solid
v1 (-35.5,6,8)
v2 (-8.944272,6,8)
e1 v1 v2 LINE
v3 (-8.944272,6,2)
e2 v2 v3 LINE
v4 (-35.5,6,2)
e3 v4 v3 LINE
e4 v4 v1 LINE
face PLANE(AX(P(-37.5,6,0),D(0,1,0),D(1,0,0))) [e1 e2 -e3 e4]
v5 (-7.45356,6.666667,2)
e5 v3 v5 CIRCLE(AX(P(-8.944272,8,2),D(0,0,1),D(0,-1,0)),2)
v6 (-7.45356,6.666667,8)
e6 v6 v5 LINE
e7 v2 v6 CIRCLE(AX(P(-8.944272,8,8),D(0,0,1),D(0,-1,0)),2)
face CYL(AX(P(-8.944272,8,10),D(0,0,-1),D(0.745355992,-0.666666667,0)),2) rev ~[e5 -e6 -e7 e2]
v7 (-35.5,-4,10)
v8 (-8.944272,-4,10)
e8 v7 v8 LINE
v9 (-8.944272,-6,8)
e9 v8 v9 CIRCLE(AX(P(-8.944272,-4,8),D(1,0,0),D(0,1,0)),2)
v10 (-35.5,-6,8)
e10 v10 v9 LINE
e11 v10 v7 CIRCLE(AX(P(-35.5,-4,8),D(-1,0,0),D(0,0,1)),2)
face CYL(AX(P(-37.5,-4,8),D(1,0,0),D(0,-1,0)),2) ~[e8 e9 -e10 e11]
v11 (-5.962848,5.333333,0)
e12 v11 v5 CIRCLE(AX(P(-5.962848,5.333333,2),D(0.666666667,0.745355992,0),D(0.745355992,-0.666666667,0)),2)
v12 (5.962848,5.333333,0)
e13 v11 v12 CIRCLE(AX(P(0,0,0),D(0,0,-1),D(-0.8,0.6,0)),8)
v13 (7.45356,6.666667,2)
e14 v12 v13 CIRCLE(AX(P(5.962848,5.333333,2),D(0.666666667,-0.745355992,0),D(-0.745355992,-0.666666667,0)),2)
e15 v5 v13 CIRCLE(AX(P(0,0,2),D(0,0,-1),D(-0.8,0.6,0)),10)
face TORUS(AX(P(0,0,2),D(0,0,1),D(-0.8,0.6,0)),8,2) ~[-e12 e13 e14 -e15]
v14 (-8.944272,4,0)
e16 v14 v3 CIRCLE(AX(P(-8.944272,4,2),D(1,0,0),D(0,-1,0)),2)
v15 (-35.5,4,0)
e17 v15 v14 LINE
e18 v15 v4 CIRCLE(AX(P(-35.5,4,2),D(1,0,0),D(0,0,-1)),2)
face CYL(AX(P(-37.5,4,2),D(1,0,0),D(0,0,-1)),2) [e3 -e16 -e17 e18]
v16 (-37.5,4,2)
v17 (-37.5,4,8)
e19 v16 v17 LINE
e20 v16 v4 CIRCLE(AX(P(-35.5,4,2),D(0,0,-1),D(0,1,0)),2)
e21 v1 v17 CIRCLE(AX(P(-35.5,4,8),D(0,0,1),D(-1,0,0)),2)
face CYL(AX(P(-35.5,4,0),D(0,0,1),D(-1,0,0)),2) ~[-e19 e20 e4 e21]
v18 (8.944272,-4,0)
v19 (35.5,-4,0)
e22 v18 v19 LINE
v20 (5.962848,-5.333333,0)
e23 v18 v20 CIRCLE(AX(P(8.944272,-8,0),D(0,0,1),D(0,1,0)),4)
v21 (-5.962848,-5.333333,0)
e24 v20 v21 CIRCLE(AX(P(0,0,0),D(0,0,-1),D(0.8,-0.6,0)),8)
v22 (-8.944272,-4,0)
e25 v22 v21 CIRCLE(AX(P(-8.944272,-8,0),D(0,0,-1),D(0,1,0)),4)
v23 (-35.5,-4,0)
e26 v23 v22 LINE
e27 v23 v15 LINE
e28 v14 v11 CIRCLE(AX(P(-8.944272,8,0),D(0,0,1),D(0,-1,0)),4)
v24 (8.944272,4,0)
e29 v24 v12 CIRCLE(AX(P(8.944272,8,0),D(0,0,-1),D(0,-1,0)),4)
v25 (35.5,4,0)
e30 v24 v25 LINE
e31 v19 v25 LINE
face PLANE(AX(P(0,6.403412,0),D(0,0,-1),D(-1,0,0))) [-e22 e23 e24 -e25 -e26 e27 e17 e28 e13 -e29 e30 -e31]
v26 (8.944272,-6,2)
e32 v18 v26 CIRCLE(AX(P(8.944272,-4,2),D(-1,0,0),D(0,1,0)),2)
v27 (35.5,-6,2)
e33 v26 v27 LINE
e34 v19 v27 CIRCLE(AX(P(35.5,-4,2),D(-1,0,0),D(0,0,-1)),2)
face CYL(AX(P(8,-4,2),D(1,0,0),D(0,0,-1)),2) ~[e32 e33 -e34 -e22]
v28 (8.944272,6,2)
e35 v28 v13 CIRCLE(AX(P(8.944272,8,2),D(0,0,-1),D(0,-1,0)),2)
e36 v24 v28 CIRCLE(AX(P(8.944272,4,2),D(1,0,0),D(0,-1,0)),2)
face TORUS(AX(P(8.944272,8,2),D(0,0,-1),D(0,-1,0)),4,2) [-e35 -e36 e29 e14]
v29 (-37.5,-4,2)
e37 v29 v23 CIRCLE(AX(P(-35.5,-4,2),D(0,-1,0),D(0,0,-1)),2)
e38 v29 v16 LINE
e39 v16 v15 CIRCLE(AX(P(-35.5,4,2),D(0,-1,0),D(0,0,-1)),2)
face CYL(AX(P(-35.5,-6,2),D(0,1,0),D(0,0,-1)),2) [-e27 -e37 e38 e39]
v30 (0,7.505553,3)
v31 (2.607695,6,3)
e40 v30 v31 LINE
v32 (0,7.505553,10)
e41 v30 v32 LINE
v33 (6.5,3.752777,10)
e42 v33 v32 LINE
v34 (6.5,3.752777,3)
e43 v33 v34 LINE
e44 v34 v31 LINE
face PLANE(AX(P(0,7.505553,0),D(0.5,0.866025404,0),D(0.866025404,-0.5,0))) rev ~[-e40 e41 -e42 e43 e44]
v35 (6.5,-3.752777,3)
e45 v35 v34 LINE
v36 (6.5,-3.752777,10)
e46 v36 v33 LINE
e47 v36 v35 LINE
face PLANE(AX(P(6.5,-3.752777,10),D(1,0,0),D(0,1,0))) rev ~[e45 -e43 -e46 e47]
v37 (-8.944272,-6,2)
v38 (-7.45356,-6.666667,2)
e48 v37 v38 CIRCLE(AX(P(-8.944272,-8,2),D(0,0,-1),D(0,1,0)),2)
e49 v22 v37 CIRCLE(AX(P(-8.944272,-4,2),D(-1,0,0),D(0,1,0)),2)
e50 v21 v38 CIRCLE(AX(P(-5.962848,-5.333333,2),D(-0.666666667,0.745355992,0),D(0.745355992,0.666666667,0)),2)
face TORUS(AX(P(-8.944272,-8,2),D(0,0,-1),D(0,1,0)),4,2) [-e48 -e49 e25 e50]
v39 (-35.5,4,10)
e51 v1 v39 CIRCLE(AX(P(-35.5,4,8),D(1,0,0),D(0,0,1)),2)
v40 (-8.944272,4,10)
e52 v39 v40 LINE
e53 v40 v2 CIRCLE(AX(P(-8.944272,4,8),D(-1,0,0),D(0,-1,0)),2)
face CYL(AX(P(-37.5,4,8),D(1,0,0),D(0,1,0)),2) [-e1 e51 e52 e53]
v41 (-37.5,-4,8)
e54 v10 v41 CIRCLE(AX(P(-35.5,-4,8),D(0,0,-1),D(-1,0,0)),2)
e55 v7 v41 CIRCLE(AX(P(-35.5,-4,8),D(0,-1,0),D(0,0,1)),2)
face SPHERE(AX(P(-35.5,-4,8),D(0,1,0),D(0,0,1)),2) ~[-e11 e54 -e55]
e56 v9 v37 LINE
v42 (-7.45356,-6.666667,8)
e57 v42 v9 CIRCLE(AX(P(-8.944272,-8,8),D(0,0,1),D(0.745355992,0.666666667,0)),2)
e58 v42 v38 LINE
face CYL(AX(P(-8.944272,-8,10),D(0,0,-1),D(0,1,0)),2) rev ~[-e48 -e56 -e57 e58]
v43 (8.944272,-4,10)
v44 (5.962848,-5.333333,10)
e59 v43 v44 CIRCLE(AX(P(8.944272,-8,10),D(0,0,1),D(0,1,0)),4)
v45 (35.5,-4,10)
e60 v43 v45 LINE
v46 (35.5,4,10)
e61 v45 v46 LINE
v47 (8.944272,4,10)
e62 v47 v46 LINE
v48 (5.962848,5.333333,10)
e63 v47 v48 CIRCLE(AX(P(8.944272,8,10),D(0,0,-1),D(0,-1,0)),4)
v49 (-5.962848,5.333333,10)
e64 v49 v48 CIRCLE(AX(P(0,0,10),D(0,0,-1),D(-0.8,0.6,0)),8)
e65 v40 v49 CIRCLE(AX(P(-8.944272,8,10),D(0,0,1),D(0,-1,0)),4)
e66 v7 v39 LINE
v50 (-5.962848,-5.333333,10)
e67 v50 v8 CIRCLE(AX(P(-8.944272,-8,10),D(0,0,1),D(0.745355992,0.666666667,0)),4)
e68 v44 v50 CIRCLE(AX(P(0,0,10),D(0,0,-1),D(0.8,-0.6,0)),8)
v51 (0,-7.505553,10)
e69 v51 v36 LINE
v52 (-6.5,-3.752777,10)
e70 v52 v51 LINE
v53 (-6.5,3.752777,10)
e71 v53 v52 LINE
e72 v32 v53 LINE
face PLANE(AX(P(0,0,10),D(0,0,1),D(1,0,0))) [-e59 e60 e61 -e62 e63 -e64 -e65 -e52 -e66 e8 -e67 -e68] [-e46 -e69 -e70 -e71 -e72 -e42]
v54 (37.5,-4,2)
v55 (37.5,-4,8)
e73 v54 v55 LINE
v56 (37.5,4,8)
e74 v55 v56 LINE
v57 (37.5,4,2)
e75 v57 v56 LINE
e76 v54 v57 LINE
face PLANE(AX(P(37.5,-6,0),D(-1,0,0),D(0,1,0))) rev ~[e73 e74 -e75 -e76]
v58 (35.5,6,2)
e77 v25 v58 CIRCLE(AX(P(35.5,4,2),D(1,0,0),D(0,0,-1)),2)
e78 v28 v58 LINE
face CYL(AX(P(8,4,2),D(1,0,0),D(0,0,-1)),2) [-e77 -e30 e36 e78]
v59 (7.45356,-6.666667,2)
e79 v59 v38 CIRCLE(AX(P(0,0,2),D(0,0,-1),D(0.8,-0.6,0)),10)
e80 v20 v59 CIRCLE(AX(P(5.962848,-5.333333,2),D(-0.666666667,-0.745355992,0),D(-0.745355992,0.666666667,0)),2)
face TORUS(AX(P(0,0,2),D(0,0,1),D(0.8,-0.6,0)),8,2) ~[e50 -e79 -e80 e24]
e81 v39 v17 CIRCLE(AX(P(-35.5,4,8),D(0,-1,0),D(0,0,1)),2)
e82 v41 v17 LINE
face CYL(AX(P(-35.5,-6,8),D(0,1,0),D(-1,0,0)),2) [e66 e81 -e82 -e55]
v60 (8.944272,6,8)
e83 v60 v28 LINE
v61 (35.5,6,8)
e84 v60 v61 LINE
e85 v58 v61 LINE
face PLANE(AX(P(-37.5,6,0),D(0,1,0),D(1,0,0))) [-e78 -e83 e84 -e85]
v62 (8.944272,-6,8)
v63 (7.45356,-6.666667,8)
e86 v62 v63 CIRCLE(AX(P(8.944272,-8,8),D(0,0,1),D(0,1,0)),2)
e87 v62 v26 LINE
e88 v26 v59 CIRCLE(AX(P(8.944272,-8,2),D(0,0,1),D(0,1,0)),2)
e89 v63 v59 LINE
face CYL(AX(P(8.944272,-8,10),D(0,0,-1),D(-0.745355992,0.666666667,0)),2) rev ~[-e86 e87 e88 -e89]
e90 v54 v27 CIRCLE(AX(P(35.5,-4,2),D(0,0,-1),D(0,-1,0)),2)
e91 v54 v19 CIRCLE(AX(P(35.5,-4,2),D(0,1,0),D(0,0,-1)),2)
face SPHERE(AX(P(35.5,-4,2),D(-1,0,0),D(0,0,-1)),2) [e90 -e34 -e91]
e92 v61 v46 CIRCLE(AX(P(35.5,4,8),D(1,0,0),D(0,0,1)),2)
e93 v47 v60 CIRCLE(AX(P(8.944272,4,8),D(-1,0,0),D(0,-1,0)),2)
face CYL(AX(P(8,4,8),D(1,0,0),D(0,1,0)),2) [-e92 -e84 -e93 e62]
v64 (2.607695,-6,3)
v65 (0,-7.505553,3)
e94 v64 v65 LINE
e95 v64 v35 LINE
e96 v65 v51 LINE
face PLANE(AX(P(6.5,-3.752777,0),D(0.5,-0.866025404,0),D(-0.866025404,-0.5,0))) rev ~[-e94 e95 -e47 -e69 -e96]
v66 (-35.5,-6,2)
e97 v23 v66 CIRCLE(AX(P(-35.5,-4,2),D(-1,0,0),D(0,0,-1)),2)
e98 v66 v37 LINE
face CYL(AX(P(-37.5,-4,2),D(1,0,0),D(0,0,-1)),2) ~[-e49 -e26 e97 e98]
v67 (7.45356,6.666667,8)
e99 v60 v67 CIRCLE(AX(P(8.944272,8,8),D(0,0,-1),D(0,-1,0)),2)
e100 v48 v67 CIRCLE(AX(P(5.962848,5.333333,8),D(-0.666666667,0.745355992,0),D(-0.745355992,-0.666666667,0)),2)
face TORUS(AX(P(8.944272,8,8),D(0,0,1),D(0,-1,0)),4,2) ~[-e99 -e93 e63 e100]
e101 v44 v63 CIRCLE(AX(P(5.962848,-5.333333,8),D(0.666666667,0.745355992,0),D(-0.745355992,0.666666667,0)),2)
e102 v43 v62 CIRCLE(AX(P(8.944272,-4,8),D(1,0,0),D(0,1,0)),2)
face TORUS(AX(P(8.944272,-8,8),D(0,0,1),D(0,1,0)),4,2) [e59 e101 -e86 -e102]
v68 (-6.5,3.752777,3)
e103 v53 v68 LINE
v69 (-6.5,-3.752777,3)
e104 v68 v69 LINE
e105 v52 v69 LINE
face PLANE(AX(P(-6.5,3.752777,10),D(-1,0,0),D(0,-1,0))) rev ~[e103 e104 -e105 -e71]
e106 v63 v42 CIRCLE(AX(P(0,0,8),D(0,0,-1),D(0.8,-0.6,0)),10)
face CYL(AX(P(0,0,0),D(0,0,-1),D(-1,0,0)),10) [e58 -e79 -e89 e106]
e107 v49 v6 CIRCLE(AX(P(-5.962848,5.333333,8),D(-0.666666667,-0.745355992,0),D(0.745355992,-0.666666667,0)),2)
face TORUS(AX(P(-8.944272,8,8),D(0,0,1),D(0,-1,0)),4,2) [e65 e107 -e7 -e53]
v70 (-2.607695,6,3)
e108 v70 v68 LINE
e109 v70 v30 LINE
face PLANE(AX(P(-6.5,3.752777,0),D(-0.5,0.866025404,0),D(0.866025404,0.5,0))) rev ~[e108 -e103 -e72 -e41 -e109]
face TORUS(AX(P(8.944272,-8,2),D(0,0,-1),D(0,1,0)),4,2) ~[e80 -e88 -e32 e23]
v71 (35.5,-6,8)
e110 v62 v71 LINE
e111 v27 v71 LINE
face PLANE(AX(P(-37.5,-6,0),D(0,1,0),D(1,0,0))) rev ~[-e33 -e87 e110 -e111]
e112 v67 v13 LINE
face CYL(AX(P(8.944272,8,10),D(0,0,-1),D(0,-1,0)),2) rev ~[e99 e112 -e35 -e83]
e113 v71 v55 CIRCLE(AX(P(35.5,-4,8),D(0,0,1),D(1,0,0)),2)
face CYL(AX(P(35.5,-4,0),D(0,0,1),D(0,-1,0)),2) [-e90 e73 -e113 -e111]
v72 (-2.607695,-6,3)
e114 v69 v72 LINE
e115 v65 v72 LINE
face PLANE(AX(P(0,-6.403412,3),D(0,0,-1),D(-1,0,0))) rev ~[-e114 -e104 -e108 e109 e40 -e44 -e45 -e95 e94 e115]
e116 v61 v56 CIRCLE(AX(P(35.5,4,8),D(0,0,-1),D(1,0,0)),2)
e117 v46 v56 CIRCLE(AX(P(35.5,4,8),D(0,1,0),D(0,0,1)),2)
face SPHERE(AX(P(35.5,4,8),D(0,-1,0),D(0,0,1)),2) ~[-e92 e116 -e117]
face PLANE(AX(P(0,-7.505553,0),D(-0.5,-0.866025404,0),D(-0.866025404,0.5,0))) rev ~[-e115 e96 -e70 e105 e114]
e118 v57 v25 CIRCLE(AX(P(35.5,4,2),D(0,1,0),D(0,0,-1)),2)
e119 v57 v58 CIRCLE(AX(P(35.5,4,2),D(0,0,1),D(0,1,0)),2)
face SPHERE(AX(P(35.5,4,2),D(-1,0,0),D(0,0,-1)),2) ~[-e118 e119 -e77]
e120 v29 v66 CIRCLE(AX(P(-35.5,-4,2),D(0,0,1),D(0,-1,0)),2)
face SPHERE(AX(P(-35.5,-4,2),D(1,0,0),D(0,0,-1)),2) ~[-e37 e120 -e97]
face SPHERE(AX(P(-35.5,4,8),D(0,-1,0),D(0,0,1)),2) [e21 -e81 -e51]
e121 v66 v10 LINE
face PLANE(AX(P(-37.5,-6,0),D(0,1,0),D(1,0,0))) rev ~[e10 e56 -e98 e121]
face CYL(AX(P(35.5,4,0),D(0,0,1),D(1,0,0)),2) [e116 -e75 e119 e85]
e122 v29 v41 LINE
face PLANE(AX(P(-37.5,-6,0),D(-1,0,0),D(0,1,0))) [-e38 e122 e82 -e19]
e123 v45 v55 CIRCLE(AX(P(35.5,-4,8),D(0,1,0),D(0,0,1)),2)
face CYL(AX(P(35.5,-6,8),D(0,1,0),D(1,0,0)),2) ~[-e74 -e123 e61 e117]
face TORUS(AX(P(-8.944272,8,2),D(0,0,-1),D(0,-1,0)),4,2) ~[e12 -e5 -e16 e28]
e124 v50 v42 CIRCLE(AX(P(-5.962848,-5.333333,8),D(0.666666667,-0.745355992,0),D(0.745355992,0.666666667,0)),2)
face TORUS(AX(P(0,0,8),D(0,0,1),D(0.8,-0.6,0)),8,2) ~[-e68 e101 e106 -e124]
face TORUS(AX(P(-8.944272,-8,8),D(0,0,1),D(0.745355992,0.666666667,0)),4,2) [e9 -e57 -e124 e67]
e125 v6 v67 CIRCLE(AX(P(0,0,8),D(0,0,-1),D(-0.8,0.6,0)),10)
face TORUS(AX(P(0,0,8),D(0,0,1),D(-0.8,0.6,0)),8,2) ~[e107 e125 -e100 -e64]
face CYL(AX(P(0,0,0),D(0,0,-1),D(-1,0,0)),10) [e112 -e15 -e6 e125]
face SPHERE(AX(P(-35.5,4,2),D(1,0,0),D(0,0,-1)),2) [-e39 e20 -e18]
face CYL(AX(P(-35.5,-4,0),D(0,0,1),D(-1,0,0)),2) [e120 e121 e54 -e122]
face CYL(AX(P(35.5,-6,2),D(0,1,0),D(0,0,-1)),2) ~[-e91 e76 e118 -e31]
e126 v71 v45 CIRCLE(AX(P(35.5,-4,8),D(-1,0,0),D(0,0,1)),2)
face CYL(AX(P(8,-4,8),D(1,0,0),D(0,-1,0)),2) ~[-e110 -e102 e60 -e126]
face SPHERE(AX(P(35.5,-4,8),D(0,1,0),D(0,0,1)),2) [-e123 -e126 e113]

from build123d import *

# Parameters (mm, degrees)
SKETCH1_W           = 75
SKETCH1_H           = 12
BOSS_EXTRUDE1_DEPTH = 10
CUT_EXTRUDE1_DEPTH  = 7
SKETCH3_R           = 10
BOSS_EXTRUDE2_DEPTH = 10
BOSS_EXTRUDE3_DEPTH = 3
FILLET1_R           = 2


with BuildPart() as part:
    # Sketch1 → Boss-Extrude1 (new body)
    with BuildSketch(Plane.XY):
        Rectangle(SKETCH1_W, SKETCH1_H)
    extrude(amount=BOSS_EXTRUDE1_DEPTH)

    # Sketch2 → Cut-Extrude1 (cut)
    with BuildSketch(Plane.XY.offset(10)):
        Polygon((0, -7.505553499), (6.5, -3.75277675), (6.5, 3.75277675), (0, 7.505553499), (-6.5, 3.75277675), (-6.5, -3.75277675), align=None)
    extrude(amount=-CUT_EXTRUDE1_DEPTH, mode=Mode.SUBTRACT)

    # Sketch3 → Boss-Extrude2 (add)
    with BuildSketch(Plane(origin=(0, 0, 0), x_dir=(-1, 0, 0), z_dir=(0, 0, -1))):
        Circle(SKETCH3_R)
        Polygon((0, -7.505553499), (6.5, -3.75277675), (6.5, 3.75277675), (0, 7.505553499), (-6.5, 3.75277675), (-6.5, -3.75277675), align=None, mode=Mode.SUBTRACT)
    extrude(amount=-BOSS_EXTRUDE2_DEPTH)

    # Sketch4 → Boss-Extrude3 (add)
    with BuildSketch(Plane(origin=(0, 0, 0), x_dir=(-1, 0, 0), z_dir=(0, 0, -1))):
        Polygon((2.607695155, 6), (0, 7.505553499), (-2.607695155, 6), align=None)
        Polygon((0, -7.505553499), (2.607695155, -6), (-2.607695155, -6), align=None)
    extrude(amount=-BOSS_EXTRUDE3_DEPTH)

    # Fillet1
    fillet1_edges = [part.edges().sort_by_distance(p)[0] for p in [
        (-37.5, 0, 10),
        (-22.75, -6, 10),
        (37.5, 0, 10),
        (-22.75, -6, 0),
        (22.75, -6, 0),
        (-22.75, 6, 0),
        (-37.5, 0, 0),
        (22.75, -6, 10),
        (22.75, 6, 0),
        (-22.75, 6, 10),
        (0, 10, 0),
        (0, -10, 0),
        (0, 10, 10),
        (37.5, 0, 0),
        (-8, 6, 5),
        (-8, -6, 5),
        (0, -10, 10),
        (8, 6, 5),
        (8, -6, 5),
        (22.75, 6, 10),
        (37.5, -6, 5),
        (-37.5, -6, 5),
        (-37.5, 6, 5),
        (37.5, 6, 5),
    ]]
    fillet(fillet1_edges, radius=FILLET1_R)


solid = part.part
